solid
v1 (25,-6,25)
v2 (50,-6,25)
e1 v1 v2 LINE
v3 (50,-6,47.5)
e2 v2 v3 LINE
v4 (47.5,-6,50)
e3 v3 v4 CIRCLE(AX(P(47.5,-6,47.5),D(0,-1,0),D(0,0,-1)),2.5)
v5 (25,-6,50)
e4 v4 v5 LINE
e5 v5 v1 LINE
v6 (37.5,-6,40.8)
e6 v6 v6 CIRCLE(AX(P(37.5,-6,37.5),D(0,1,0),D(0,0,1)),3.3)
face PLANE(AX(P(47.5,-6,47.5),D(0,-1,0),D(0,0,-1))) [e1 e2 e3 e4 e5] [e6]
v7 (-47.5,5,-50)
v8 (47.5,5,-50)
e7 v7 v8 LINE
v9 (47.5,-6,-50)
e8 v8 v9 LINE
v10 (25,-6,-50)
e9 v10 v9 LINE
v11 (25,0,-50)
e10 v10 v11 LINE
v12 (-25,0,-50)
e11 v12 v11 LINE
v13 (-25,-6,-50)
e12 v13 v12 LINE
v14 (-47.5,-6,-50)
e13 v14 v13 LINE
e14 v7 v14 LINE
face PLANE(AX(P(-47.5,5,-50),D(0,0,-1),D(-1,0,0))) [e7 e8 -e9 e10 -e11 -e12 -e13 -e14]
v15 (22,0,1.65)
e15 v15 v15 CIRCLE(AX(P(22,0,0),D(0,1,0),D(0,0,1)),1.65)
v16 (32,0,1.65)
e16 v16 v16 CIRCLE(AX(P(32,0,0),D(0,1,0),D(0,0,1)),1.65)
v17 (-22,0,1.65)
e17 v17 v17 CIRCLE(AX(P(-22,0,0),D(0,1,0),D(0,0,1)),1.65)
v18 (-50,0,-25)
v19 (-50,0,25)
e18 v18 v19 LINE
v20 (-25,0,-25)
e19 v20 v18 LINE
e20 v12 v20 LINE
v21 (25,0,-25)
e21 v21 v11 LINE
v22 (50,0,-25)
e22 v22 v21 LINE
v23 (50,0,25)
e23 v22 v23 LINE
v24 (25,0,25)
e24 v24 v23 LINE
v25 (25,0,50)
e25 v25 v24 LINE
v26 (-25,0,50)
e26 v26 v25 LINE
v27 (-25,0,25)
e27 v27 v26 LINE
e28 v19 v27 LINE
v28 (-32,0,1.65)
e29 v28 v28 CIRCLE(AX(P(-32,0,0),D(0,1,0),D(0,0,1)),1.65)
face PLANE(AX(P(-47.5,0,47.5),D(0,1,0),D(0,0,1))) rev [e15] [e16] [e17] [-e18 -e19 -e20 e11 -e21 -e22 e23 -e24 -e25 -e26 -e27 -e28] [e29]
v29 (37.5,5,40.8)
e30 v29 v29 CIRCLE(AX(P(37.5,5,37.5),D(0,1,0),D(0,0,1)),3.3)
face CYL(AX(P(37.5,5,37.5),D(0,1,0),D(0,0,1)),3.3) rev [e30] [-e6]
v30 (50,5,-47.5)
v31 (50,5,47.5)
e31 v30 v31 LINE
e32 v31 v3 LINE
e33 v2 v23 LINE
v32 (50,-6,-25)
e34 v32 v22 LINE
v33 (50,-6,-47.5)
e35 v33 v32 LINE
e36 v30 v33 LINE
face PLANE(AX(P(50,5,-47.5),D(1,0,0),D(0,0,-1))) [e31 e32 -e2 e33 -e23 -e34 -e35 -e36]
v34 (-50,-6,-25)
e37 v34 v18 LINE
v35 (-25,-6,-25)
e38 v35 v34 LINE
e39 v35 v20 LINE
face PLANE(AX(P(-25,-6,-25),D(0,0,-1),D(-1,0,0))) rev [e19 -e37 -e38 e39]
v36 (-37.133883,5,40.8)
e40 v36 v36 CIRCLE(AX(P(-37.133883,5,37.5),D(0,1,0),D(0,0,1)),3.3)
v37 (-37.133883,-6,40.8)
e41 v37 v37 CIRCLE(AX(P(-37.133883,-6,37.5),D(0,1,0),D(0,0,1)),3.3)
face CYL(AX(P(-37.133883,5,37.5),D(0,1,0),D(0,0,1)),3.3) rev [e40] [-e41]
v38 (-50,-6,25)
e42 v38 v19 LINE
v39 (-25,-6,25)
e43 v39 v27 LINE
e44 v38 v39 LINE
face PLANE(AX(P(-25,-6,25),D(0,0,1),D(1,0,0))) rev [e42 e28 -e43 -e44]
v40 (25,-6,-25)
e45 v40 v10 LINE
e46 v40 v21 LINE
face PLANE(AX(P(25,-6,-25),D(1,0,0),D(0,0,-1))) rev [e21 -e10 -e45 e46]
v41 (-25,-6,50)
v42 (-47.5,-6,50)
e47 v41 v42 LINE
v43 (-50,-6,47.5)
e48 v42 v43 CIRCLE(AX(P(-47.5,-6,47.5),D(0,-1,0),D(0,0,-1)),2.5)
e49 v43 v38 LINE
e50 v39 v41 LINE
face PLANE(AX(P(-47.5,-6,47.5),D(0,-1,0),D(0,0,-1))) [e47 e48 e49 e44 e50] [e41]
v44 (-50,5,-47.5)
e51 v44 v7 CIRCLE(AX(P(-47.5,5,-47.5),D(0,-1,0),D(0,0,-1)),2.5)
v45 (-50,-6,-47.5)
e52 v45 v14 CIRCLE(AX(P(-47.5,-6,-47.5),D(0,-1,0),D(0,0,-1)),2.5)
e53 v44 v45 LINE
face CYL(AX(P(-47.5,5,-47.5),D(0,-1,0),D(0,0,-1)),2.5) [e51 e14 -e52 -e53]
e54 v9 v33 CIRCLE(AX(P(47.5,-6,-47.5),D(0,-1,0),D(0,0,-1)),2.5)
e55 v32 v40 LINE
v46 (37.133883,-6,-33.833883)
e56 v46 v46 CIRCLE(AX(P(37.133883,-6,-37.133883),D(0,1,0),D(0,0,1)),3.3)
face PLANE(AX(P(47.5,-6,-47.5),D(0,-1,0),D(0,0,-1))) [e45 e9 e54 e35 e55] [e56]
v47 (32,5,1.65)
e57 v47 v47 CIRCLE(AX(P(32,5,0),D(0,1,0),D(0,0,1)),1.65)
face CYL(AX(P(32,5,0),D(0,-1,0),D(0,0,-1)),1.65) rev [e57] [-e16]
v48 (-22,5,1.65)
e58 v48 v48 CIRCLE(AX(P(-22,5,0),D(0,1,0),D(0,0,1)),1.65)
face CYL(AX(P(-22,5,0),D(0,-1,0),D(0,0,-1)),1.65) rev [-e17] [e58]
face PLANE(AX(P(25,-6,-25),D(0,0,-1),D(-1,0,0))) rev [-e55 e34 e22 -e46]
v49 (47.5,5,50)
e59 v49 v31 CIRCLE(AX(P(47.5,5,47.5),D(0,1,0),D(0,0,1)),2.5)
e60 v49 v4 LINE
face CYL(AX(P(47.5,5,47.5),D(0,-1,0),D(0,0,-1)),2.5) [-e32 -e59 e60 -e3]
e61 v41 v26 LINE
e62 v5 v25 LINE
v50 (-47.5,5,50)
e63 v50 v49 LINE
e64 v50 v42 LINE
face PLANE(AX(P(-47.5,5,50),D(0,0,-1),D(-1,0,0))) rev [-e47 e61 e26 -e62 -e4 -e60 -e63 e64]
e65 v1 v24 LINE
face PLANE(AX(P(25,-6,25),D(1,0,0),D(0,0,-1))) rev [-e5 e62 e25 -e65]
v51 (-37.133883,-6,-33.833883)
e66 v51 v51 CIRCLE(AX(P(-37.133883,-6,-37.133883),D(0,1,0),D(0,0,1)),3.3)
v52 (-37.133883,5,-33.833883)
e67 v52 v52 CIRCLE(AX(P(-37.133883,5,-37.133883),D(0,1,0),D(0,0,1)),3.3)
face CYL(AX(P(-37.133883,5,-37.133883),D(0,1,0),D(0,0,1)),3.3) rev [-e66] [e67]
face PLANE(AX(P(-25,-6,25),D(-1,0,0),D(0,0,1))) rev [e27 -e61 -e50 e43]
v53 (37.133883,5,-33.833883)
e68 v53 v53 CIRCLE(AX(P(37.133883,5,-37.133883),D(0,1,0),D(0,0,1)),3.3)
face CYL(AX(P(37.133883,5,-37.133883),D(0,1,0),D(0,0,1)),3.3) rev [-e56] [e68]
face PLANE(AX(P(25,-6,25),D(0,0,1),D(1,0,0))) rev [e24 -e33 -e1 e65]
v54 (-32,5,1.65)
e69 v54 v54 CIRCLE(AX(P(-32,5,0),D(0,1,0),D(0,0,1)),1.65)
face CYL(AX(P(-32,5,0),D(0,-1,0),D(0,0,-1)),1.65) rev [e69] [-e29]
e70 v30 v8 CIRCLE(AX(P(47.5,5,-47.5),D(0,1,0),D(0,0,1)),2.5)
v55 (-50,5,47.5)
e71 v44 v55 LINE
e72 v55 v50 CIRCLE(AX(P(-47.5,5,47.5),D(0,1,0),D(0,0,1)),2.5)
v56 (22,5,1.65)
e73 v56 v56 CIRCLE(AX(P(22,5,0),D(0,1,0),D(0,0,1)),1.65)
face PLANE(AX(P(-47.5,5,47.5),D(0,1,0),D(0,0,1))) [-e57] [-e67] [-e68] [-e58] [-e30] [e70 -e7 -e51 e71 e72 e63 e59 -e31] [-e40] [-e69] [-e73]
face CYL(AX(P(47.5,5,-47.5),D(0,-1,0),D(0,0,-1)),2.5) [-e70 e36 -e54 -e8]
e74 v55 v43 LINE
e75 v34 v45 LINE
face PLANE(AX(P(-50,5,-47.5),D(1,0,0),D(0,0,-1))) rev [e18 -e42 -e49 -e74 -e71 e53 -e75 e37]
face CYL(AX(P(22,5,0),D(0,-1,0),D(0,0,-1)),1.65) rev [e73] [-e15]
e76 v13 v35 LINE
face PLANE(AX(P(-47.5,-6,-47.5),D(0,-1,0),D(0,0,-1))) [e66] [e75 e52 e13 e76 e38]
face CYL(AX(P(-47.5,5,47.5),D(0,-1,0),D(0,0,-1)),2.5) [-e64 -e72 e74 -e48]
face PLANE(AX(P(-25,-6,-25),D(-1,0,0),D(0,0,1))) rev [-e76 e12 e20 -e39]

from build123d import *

# Parameters (mm, degrees)
BOSS_EXTRUDE1_DEPTH  = 5
BOSS_EXTRUDE2_START  = 6
BOSS_EXTRUDE2_DEPTH  = 6
SKETCH1_3_R          = 1.65
CUT_EXTRUDE1_DEPTH   = 71.964779997
M6_CLEARANCE_HOLE2_D = 6.6


with BuildPart() as part:
    # Sketch1 → Boss-Extrude1 (new body)
    with BuildSketch(Plane(origin=(0, 0, 0), x_dir=(1, 0, 0), z_dir=(0, 1, 0))):
        with BuildLine():
            Line((-47.5, 50), (47.5, 50))
            ThreePointArc((47.5, 50), (49.267766953, 49.267766953), (50, 47.5))
            Line((50, 47.5), (50, -47.5))
            ThreePointArc((50, -47.5), (49.267766953, -49.267766953), (47.5, -50))
            Line((47.5, -50), (-47.5, -50))
            ThreePointArc((-47.5, -50), (-49.267766953, -49.267766953), (-50, -47.5))
            Line((-50, -47.5), (-50, 47.5))
            ThreePointArc((-50, 47.5), (-49.267766953, 49.267766953), (-47.5, 50))
        make_face()
    extrude(amount=BOSS_EXTRUDE1_DEPTH)

    # Sketch2 → Boss-Extrude2 (add)
    with BuildSketch(Plane.XZ.offset(BOSS_EXTRUDE2_START)):
        with BuildLine():
            Line((-25, 25), (-50, 25))
            Line((-50, 25), (-50, 47.5))
            ThreePointArc((-50, 47.5), (-49.267766953, 49.267766953), (-47.5, 50))
            Line((-47.5, 50), (-25, 50))
            Line((-25, 50), (-25, 25))
        make_face()
        with BuildLine():
            Line((25, 25), (50, 25))
            Line((50, 25), (50, 47.5))
            ThreePointArc((50, 47.5), (49.267766953, 49.267766953), (47.5, 50))
            Line((47.5, 50), (25, 50))
            Line((25, 50), (25, 25))
        make_face()
        with BuildLine():
            Line((25, -25), (50, -25))
            Line((50, -25), (50, -47.5))
            ThreePointArc((50, -47.5), (49.267766953, -49.267766953), (47.5, -50))
            Line((47.5, -50), (25, -50))
            Line((25, -50), (25, -25))
        make_face()
        with BuildLine():
            Line((-25, -25), (-50, -25))
            Line((-50, -25), (-50, -47.5))
            ThreePointArc((-50, -47.5), (-49.267766953, -49.267766953), (-47.5, -50))
            Line((-47.5, -50), (-25, -50))
            Line((-25, -50), (-25, -25))
        make_face()
    extrude(amount=-BOSS_EXTRUDE2_DEPTH)

    # Sketch1<3> → Cut-Extrude1 (cut, through all)
    with BuildSketch(Plane(origin=(0, 0, 0), x_dir=(1, 0, 0), z_dir=(0, 1, 0))):
        with Locations((-32, 0)):
            Circle(SKETCH1_3_R)
        with Locations((-22, 0)):
            Circle(SKETCH1_3_R)
        with Locations((22, 0)):
            Circle(SKETCH1_3_R)
        with Locations((32, 0)):
            Circle(SKETCH1_3_R)
    extrude(amount=CUT_EXTRUDE1_DEPTH, mode=Mode.SUBTRACT)

    # M6 Clearance Hole2 (through all)
    with Locations(Plane(origin=(0, 5, 0), x_dir=(1, 0, 0), z_dir=(0, 1, 0))):
        with Locations((-37.133883476, 37.133883476), (37.5, -37.5), (-37.133883476, -37.5), (37.133883476, 37.133883476)):
            Hole(M6_CLEARANCE_HOLE2_D / 2)


solid = part.part
